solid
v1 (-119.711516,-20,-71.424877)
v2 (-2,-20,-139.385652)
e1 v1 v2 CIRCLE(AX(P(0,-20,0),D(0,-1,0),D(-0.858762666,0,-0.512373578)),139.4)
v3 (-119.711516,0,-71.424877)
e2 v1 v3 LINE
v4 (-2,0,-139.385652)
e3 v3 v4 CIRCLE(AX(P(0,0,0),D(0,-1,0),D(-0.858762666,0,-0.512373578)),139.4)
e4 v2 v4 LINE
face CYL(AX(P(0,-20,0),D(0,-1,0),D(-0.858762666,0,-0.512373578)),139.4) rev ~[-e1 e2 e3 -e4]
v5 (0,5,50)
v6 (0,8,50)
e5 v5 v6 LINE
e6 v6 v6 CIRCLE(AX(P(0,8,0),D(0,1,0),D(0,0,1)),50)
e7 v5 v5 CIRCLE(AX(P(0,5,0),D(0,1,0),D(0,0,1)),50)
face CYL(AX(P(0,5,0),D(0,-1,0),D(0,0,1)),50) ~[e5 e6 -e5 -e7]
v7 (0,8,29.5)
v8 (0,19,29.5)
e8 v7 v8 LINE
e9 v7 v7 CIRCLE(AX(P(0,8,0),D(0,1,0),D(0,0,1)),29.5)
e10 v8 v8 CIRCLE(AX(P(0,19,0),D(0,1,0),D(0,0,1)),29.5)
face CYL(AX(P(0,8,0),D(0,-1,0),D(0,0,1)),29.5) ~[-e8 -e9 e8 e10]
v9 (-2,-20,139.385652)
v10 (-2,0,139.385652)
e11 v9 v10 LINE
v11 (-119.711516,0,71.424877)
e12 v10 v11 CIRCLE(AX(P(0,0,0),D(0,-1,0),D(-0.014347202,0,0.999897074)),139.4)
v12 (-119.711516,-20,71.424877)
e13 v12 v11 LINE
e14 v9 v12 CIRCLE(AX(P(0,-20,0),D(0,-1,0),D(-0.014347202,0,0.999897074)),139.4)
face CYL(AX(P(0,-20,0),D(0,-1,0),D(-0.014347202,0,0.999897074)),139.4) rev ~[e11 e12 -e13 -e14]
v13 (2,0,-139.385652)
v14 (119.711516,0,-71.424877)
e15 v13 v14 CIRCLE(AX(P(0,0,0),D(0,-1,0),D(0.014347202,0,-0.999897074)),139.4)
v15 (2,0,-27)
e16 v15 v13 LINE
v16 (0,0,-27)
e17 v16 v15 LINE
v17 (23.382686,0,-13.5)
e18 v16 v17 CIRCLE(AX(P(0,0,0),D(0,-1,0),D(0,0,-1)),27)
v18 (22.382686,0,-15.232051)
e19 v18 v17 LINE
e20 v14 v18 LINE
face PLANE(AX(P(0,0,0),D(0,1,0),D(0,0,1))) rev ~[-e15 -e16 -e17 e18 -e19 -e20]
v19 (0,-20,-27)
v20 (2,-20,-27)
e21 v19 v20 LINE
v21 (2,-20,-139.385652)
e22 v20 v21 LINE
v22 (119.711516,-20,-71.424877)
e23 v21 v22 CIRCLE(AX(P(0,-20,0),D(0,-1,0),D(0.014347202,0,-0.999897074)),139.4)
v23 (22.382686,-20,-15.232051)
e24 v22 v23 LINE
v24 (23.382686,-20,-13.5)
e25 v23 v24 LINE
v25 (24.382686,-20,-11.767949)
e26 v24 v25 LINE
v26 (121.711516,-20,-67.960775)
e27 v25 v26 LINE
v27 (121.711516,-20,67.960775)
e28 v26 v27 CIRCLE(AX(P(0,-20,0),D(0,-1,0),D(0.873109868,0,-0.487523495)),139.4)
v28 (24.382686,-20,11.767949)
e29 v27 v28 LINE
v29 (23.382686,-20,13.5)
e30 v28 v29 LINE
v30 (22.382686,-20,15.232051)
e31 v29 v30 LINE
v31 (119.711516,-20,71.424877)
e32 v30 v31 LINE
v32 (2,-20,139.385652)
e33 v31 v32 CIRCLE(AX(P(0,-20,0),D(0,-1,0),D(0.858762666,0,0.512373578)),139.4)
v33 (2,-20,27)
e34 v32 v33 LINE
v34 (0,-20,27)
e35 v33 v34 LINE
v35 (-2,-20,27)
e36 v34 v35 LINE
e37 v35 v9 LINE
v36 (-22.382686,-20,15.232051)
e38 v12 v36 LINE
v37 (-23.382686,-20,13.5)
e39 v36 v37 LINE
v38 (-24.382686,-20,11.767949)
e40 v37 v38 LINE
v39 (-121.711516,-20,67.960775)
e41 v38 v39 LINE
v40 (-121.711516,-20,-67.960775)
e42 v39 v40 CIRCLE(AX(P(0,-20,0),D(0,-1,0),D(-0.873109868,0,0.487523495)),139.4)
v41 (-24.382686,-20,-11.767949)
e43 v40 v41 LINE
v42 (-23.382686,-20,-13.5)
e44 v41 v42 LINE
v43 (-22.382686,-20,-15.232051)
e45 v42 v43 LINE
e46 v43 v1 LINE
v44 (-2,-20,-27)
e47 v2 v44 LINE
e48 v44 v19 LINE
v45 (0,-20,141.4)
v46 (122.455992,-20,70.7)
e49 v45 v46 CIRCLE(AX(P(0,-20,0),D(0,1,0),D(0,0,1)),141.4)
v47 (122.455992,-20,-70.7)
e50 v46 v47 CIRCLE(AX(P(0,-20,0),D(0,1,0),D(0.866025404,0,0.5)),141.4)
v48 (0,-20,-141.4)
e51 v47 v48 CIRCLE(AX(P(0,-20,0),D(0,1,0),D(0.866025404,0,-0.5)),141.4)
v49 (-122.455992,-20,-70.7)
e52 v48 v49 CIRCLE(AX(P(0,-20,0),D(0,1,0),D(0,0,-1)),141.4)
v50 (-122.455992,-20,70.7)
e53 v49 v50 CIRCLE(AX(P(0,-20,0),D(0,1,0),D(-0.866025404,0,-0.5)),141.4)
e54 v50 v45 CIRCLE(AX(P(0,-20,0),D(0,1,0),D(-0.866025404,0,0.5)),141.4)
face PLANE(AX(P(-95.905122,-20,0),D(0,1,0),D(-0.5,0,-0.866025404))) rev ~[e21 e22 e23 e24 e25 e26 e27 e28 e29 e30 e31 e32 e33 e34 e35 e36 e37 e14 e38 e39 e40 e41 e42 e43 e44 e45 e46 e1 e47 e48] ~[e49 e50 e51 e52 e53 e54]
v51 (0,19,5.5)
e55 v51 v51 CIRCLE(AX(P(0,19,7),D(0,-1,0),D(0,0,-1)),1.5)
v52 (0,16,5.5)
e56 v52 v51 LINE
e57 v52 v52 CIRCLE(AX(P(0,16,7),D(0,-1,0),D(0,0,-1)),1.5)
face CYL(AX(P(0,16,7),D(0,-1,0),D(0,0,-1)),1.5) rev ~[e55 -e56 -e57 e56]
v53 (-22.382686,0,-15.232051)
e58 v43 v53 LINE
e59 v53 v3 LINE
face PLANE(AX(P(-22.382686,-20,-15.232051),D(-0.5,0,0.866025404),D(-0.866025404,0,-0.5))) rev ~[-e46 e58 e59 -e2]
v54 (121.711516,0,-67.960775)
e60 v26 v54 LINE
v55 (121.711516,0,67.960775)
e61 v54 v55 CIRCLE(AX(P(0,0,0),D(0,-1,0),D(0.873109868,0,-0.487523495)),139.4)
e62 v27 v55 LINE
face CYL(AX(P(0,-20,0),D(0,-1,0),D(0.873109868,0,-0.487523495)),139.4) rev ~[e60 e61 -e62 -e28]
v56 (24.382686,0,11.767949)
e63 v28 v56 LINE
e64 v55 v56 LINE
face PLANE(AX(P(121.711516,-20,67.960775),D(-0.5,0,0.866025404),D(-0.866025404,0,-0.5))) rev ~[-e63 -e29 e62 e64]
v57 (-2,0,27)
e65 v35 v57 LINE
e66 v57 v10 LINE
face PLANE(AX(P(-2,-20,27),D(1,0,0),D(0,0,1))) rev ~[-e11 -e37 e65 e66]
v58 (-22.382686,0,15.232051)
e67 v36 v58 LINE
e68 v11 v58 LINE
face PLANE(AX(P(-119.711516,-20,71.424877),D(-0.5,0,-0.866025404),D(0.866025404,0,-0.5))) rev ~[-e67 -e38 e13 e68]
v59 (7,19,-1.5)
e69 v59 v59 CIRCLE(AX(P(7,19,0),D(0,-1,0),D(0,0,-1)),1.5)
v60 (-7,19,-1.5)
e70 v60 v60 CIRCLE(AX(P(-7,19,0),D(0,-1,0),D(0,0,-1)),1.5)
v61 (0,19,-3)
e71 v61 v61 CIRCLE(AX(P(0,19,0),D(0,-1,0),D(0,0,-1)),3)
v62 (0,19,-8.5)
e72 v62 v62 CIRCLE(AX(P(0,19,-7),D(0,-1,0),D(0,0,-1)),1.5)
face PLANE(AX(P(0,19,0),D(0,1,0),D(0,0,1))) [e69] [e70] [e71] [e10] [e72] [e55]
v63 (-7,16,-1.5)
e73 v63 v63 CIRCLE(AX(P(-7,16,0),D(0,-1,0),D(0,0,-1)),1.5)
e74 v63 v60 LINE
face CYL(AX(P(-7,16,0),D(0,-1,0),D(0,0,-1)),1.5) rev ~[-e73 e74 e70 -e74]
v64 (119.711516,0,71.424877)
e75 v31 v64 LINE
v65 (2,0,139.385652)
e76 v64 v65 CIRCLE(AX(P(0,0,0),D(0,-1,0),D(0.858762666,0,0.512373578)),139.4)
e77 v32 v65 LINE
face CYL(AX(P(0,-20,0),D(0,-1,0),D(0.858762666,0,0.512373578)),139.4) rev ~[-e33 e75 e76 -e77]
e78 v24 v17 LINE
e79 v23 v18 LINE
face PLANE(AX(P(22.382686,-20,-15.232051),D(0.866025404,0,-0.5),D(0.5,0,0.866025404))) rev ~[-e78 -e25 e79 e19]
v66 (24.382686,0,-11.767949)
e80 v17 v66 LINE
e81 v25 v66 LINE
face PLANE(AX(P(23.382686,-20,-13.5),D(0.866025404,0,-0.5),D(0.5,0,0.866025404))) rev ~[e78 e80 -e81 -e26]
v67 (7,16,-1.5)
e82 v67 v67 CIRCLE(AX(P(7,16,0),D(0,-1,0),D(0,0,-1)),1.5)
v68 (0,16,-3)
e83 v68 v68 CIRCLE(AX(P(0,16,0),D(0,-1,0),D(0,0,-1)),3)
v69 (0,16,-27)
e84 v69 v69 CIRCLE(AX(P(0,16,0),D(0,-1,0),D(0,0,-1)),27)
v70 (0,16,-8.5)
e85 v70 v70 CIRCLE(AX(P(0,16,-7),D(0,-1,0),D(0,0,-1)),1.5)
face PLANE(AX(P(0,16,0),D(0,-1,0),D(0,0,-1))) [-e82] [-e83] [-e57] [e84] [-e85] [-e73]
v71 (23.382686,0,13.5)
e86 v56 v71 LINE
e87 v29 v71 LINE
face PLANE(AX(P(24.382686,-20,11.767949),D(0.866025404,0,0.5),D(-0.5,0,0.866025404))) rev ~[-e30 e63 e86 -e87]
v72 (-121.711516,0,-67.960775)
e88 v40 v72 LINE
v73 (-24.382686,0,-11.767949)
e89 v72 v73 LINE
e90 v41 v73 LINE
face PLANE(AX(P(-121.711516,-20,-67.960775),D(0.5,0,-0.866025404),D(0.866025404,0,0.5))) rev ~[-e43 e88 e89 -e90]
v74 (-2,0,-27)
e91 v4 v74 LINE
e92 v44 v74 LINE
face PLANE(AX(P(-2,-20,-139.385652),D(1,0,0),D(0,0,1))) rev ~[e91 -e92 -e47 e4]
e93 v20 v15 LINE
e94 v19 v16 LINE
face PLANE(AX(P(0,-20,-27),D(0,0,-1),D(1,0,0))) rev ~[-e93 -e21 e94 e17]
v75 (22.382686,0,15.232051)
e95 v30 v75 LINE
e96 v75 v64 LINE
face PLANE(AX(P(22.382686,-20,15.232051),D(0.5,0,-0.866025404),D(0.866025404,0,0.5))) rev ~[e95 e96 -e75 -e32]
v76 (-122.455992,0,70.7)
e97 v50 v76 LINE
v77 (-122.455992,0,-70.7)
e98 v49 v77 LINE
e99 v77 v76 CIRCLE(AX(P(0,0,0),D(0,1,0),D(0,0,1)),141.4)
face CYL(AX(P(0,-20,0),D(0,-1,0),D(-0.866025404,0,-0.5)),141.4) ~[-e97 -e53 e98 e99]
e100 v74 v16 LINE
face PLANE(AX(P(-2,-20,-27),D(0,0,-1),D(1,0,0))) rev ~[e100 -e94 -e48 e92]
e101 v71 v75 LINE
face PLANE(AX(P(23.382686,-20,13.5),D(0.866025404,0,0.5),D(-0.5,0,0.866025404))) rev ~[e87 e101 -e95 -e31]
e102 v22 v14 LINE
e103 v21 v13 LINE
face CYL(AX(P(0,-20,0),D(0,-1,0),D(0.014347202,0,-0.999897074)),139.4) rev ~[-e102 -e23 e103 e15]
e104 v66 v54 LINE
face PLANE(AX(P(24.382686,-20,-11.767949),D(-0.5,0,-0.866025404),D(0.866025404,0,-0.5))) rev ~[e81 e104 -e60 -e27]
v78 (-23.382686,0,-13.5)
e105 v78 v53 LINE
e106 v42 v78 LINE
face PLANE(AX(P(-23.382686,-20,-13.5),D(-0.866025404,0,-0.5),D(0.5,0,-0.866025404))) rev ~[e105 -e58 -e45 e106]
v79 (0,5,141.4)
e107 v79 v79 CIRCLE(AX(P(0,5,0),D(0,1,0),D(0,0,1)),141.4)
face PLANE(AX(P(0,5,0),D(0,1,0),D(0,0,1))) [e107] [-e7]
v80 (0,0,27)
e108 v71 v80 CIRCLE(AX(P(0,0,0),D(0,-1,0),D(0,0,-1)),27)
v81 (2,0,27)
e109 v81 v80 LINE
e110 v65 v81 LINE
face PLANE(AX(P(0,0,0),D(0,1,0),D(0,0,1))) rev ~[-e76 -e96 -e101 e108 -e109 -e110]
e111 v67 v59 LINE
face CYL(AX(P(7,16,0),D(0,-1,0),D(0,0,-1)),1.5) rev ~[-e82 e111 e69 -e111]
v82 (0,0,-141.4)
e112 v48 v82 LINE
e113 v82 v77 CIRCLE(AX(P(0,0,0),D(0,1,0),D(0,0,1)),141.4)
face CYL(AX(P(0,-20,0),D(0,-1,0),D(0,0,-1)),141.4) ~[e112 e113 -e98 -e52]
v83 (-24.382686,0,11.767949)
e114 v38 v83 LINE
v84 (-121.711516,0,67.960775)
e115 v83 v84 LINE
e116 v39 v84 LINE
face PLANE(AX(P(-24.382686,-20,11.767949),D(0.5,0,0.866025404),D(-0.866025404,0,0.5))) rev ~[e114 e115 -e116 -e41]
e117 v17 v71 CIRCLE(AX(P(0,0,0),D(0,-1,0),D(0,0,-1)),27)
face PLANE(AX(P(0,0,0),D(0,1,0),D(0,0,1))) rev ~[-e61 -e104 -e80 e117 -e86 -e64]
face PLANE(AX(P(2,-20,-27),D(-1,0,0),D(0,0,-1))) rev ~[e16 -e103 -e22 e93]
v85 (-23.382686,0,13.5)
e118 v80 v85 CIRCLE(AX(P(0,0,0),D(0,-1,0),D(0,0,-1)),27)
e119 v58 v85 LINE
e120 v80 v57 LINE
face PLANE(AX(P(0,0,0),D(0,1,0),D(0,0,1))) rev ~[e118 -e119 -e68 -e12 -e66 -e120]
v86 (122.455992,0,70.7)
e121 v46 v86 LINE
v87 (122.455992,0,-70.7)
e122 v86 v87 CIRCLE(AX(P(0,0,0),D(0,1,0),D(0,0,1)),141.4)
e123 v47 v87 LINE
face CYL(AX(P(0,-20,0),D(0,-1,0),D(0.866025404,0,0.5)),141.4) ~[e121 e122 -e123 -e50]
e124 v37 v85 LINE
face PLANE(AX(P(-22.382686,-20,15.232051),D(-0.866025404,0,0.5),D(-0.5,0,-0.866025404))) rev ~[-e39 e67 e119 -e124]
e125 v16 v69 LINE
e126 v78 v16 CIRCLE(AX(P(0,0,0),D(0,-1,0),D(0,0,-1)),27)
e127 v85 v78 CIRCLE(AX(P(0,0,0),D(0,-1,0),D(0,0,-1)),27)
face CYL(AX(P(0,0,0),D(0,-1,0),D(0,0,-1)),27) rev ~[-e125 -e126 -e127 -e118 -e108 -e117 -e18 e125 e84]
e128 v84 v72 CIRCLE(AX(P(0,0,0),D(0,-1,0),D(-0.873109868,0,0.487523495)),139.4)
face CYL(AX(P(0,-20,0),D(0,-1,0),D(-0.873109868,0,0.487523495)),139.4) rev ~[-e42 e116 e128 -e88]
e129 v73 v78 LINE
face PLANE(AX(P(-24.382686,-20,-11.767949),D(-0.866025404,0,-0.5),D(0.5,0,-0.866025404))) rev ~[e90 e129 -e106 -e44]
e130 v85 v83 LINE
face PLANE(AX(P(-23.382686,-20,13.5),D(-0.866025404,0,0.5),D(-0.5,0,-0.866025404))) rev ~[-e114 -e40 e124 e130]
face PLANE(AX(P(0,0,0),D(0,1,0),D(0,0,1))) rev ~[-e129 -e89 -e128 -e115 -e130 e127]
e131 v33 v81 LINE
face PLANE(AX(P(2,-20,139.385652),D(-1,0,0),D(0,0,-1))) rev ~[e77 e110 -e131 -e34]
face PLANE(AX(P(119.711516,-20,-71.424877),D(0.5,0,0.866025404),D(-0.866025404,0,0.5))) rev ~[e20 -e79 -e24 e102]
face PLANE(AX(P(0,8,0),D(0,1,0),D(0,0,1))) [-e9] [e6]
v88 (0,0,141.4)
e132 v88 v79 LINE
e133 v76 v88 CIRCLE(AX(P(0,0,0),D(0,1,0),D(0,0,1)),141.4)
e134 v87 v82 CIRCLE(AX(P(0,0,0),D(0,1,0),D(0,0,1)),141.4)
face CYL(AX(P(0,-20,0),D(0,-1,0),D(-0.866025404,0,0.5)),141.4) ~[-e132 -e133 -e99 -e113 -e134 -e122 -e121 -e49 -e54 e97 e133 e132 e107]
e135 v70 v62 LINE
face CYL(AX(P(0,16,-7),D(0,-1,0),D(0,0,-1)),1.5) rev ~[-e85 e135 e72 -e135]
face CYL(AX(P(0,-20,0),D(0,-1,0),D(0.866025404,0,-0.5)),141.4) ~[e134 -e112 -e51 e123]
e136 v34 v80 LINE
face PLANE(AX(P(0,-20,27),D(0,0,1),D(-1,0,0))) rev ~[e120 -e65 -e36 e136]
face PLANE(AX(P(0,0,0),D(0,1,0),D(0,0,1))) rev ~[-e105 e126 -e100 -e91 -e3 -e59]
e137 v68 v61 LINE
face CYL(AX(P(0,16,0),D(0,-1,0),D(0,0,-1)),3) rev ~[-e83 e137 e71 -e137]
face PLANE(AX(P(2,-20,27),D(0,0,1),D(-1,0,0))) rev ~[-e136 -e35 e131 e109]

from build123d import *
from build123d.topology import SkipClean

# Parameters (mm, degrees)
SKETCH_1_R               = 141.4
EXTRUDE_1_DEPTH          = 5
SKETCH_2_R               = 50
EXTRUDE_2_DEPTH          = 3
SKETCH_3_R               = 29.5
EXTRUDE_3_DEPTH          = 11
SKETCH_4_R               = 27
CUT_EXTRUDE_1_DEPTH      = 16
SKETCH_5_R               = 3
SKETCH_5_R_2             = 1.5
CUT_EXTRUDE_2_DEPTH      = 201.608873184
EXTRUDE_START            = 20
EXTRUDE_1_2_DEPTH        = 20
PATTERN_CIRCULAR_1_COUNT = 6


with BuildPart() as part:
    # 草图1 → Extrude 1 (new body)
    with BuildSketch(Plane(origin=(0, 0, 0), x_dir=(1, 0, 0), z_dir=(0, 1, 0))):
        with Locations(Location((0, 0, 0), (0, 0, 270))):
            Circle(SKETCH_1_R)
    extrude(amount=EXTRUDE_1_DEPTH)

    # 草图2 → 凸台-拉伸2 (add)
    with BuildSketch(Plane(origin=(0, 5, 0), x_dir=(1, 0, 0), z_dir=(0, 1, 0))):
        with Locations(Location((0, 0, 0), (0, 0, 270))):
            Circle(SKETCH_2_R)
    extrude(amount=EXTRUDE_2_DEPTH)

    # 草图3 → 凸台-拉伸3 (add)
    with BuildSketch(Plane(origin=(0, 8, 0), x_dir=(1, 0, 0), z_dir=(0, 1, 0))):
        with Locations(Location((0, 0, 0), (0, 0, 270))):
            Circle(SKETCH_3_R)
    extrude(amount=EXTRUDE_3_DEPTH)

    # 草图4 → 切除-拉伸1 (cut)
    with BuildSketch(Plane.XZ):
        with Locations(Location((0, 0, 0), (0, 0, 270))):
            Circle(SKETCH_4_R)
    extrude(amount=-CUT_EXTRUDE_1_DEPTH, mode=Mode.SUBTRACT)

    # 草图5 → 切除-拉伸2 (cut, through all)
    with BuildSketch(Plane.XZ.offset(-16)):
        with Locations(Location((0, 0, 0), (0, 0, 270))):
            Circle(SKETCH_5_R)
        with Locations(Location((0, 7, 0), (0, 0, 270))):
            Circle(SKETCH_5_R_2)
        with Locations(Location((7, 0, 0), (0, 0, 270))):
            Circle(SKETCH_5_R_2)
        with Locations(Location((0, -7, 0), (0, 0, 270))):
            Circle(SKETCH_5_R_2)
        with Locations(Location((-7, 0, 0), (0, 0, 270))):
            Circle(SKETCH_5_R_2)
    extrude(amount=-CUT_EXTRUDE_2_DEPTH, mode=Mode.SUBTRACT)

    # 草图6 → Extrude 1 2 (add)
    with SkipClean():  # the faces are left unmerged after this step: merging them gives an invalid solid
        with BuildSketch(Plane.XZ.offset(EXTRUDE_START)):
            with BuildLine():
                Line((-23.382685902, 13.5), (-122.455992095, 70.7))
                ThreePointArc((-122.455992095, 70.7), (-70.7, 122.455992095), (0, 141.4))
                Line((0, 141.4), (0, 27))
                Line((0, 27), (-2, 27))
                Line((-2, 27), (-2, 139.385652059))
                ThreePointArc((-2, 139.385652059), (-69.7, 120.723941288), (-119.711515606, 71.424876837))
                Line((-119.711515606, 71.424876837), (-22.382685902, 15.232050808))
                Line((-22.382685902, 15.232050808), (-23.382685902, 13.5))
            make_face()
        extrude_1_2 = extrude(amount=-EXTRUDE_1_2_DEPTH)

    # 阵列(圆周)1: Extrude 1 2 ×6 about axis
    pattern_circular_1_axis = Axis((0, 0, 0), (0, 1, 0))
    for i in range(1, PATTERN_CIRCULAR_1_COUNT):
        add(extrude_1_2.rotate(pattern_circular_1_axis, i * 360 / PATTERN_CIRCULAR_1_COUNT))


solid = part.part
